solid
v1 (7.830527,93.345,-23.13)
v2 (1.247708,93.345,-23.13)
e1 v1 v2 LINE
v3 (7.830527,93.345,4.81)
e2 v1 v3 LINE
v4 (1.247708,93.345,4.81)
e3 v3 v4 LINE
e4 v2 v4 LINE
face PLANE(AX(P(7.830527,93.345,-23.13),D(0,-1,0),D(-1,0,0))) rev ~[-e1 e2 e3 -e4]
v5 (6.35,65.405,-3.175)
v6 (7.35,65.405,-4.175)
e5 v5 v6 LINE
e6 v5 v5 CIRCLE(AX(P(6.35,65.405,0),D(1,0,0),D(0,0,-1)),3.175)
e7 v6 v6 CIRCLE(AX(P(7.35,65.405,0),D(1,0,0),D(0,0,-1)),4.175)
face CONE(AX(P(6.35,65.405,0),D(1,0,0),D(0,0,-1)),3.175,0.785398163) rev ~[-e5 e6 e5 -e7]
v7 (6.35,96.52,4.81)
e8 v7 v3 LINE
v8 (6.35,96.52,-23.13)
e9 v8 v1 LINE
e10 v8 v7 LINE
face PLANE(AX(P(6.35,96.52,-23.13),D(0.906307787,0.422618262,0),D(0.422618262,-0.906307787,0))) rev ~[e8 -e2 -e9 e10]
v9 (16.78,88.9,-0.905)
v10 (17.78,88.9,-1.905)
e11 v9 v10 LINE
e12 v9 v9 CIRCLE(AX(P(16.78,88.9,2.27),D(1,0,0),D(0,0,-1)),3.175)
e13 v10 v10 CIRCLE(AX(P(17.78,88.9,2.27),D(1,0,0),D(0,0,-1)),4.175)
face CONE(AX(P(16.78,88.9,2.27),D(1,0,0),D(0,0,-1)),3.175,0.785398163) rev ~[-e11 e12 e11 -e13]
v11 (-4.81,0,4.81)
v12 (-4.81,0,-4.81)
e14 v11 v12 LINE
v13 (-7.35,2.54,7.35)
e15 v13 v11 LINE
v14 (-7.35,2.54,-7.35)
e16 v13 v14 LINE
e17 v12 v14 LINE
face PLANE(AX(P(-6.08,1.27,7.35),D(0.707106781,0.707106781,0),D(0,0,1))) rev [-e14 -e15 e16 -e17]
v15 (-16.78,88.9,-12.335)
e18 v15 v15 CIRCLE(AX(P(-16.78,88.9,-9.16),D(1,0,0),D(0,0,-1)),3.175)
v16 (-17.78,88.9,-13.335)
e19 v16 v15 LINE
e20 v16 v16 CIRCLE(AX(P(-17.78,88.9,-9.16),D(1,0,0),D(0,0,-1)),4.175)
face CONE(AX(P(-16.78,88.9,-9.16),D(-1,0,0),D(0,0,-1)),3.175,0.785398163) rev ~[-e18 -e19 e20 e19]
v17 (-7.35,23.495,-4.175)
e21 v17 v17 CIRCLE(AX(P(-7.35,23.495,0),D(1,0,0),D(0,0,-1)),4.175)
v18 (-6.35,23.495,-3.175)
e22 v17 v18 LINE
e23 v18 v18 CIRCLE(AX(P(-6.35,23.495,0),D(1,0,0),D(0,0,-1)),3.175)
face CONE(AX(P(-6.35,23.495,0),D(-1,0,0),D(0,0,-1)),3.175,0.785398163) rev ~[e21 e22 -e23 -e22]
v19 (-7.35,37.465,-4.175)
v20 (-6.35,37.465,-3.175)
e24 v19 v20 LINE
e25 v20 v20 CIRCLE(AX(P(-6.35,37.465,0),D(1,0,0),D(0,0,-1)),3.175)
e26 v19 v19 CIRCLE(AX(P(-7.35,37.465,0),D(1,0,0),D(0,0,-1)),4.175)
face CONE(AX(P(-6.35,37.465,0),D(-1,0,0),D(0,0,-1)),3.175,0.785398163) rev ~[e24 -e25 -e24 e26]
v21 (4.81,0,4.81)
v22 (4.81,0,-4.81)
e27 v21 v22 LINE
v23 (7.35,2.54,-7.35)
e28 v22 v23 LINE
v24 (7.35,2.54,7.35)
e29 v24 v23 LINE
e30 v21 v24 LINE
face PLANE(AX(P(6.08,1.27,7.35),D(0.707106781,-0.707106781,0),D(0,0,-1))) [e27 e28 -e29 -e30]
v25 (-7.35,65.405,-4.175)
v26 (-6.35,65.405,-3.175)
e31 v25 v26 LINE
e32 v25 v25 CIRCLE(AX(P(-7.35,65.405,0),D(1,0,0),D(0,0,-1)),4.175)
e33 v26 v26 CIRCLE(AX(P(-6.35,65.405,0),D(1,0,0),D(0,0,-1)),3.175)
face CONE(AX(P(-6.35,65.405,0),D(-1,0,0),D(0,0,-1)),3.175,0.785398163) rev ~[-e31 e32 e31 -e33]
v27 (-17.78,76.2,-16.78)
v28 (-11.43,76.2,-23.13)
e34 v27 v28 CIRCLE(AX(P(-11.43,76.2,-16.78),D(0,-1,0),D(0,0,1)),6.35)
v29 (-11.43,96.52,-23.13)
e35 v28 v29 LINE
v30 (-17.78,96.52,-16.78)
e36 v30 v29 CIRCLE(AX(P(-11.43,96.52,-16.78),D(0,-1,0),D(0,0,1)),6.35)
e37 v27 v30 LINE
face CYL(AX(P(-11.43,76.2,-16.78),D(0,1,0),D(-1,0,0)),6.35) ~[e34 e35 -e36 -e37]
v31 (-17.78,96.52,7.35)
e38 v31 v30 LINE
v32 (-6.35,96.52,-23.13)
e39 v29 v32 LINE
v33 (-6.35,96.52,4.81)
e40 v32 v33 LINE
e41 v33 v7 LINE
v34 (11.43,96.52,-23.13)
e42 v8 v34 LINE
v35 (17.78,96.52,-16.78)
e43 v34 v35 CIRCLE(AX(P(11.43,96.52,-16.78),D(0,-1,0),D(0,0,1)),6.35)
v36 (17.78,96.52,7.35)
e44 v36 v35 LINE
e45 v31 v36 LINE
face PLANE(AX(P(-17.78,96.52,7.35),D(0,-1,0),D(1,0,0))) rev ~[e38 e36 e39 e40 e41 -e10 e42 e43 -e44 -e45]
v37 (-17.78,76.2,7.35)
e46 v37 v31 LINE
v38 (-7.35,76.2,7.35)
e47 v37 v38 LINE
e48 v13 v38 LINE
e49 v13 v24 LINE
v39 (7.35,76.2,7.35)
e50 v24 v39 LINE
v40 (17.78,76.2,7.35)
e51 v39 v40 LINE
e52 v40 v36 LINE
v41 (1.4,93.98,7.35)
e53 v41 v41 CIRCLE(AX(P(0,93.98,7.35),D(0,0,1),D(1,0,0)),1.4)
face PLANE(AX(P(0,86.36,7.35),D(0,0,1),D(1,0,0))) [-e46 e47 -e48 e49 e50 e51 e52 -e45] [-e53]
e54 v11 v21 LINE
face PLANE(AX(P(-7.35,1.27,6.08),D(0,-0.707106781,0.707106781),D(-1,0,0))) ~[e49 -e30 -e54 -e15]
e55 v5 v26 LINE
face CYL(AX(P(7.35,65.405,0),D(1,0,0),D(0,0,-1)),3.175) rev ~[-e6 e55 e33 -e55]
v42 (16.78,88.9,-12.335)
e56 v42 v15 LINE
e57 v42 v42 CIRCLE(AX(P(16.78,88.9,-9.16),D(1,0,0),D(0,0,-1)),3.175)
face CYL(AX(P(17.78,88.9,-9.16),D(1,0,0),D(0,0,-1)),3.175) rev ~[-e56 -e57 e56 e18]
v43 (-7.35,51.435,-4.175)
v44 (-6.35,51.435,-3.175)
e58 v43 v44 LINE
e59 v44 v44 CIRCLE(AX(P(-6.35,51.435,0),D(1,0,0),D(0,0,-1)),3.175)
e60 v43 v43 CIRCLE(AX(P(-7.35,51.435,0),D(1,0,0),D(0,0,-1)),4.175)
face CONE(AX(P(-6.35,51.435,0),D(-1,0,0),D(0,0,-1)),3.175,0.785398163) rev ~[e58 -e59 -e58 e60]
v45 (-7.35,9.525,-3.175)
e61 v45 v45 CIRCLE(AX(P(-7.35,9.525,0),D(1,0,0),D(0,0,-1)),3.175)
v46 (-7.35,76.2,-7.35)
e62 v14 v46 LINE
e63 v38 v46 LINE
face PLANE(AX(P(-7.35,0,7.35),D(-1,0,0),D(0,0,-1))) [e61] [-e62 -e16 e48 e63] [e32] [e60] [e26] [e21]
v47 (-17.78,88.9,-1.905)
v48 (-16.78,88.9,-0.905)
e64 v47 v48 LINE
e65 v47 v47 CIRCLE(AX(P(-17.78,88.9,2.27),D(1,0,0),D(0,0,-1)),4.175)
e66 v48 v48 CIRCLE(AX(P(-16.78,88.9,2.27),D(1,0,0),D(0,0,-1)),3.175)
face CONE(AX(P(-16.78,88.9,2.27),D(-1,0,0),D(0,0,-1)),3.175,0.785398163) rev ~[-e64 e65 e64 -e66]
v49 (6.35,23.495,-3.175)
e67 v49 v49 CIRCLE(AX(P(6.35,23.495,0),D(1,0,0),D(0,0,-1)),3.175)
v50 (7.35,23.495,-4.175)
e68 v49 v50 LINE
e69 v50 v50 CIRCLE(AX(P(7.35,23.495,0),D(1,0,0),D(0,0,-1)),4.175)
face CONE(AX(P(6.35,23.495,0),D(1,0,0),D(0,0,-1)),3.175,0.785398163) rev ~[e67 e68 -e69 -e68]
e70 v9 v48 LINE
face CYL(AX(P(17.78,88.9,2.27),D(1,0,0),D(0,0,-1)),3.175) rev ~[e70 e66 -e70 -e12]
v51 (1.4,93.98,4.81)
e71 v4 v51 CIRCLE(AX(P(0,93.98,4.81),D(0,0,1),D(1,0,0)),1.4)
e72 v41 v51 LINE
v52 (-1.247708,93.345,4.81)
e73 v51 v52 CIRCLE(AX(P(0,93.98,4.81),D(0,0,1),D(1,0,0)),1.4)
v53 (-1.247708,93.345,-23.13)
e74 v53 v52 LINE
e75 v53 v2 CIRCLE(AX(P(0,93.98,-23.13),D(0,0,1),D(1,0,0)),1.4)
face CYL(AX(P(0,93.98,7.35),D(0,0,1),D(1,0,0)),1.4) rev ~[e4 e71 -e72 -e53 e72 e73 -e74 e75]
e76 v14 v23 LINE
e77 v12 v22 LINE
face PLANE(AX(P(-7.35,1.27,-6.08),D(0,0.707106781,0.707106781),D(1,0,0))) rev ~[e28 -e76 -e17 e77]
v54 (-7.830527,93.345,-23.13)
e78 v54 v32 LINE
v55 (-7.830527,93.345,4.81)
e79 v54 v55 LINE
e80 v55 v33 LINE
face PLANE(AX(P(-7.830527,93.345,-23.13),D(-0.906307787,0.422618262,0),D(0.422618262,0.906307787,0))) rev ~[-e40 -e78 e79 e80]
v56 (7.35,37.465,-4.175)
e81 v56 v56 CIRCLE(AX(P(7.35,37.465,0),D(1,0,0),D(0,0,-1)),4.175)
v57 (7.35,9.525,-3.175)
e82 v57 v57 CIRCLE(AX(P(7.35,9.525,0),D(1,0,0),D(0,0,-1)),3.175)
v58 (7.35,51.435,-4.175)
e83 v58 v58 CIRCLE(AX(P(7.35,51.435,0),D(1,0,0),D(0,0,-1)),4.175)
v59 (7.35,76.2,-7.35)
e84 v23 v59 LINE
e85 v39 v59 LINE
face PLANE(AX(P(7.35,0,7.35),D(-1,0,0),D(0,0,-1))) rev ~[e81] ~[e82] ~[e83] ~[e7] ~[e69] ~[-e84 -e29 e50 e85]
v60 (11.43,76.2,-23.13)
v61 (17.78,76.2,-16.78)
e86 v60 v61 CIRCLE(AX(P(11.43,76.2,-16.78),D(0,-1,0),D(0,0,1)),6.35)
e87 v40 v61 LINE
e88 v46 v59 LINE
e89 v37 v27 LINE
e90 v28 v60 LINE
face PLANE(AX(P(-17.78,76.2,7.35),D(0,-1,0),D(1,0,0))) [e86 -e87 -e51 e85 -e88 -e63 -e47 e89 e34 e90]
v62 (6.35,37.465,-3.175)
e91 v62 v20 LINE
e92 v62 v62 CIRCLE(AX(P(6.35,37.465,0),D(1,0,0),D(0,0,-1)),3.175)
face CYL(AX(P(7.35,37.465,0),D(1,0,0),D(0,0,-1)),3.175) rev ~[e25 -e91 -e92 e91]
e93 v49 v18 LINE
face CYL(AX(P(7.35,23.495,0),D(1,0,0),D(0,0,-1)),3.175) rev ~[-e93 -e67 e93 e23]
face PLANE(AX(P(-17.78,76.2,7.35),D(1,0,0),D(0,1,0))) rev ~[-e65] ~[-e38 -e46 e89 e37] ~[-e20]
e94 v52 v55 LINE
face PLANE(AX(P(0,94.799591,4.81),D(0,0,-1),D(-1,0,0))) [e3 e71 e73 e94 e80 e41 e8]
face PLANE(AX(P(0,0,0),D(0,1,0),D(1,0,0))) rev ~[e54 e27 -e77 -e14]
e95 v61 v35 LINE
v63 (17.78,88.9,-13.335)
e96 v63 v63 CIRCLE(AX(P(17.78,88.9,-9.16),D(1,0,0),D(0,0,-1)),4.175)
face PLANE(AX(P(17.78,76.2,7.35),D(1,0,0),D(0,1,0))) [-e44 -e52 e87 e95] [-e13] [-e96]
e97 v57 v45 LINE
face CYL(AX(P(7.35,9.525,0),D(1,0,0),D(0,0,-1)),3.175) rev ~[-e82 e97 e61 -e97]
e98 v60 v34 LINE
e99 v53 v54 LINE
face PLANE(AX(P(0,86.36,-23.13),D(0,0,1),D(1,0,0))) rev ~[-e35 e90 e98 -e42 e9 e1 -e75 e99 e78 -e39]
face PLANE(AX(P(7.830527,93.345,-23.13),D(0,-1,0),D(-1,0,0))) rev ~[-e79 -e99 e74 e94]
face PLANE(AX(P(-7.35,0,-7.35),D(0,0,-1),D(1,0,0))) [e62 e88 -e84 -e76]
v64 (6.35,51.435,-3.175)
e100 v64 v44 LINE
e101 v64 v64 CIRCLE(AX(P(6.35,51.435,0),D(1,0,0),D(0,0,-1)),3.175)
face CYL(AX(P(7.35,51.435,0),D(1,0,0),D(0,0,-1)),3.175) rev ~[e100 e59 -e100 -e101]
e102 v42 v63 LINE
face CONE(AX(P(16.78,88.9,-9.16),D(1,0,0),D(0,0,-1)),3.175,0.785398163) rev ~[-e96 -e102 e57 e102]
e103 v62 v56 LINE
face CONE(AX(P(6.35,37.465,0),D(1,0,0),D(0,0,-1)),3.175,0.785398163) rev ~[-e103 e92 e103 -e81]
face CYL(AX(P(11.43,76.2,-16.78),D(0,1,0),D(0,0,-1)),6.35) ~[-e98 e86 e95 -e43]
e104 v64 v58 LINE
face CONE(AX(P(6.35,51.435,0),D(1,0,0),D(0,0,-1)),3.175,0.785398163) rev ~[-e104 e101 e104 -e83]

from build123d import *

# Parameters (mm, degrees)
SKETCH1_W                 = 14.7
SKETCH1_H                 = 14.7
BOSS_EXTRUDE1_DEPTH       = 76.2
SKETCH6_R                 = 3.175
CUT_EXTRUDE4_DEPTH        = 78.952244997
CHAMFER5_SIZE             = 1
CHAMFER6_SIZE             = 2.54
SKETCH4_W                 = 35.56
SKETCH4_H                 = 20.32
BOSS_EXTRUDE2_DEPTH       = 30.48
SKETCH5_R                 = 3.175
TRAYSUPPORTMOUNTING_DEPTH = 106.430644976
CHAMFER4_SIZE             = 1
CUT_EXTRUDE5_DEPTH        = 27.94
FILLET1_R                 = 6.35
SKETCH8_R                 = 1.4
CUT_EXTRUDE6_DEPTH        = 103.768035887


with BuildPart() as part:
    # Sketch1 → Boss-Extrude1 (new body)
    with BuildSketch(Plane(origin=(0, 0, 0), x_dir=(1, 0, 0), z_dir=(0, 1, 0))):
        Rectangle(SKETCH1_W, SKETCH1_H)
    extrude(amount=BOSS_EXTRUDE1_DEPTH)

    # Sketch6 → Cut-Extrude4 (cut, through all)
    with BuildSketch(Plane(origin=(7.35, 0, 0), x_dir=(0, 0, -1), z_dir=(1, 0, 0))):
        with Locations((0, 65.405)):
            Circle(SKETCH6_R)
        with Locations((0, 51.435)):
            Circle(SKETCH6_R)
        with Locations((0, 37.465)):
            Circle(SKETCH6_R)
        with Locations((0, 23.495)):
            Circle(SKETCH6_R)
        with Locations((0, 9.525)):
            Circle(SKETCH6_R)
    extrude(amount=-CUT_EXTRUDE4_DEPTH, mode=Mode.SUBTRACT)

    # Chamfer5
    chamfer5_edges = [part.edges().sort_by_distance(p)[0] for p in [
        (-7.35, 65.405, 3.175),
        (7.35, 65.405, 3.175),
        (-7.35, 51.435, 3.175),
        (7.35, 51.435, 3.175),
        (-7.35, 37.465, 3.175),
        (7.35, 37.465, 3.175),
        (-7.35, 23.495, 3.175),
        (7.35, 23.495, 3.175),
    ]]
    chamfer(chamfer5_edges, length=CHAMFER5_SIZE)

    # Chamfer6
    chamfer6_edges = [part.edges().sort_by_distance(p)[0] for p in [
        (0, 0, -7.35),
        (7.35, 0, 0),
        (0, 0, 7.35),
        (-7.35, 0, 0),
    ]]
    chamfer(chamfer6_edges, length=CHAMFER6_SIZE)

    # Sketch4 → Boss-Extrude2 (add)
    with BuildSketch(Plane.XY.offset(7.35)):
        with Locations((0, 86.36)):
            Rectangle(SKETCH4_W, SKETCH4_H)
    extrude(amount=-BOSS_EXTRUDE2_DEPTH)

    # Sketch5 → TraySupportMounting (cut, through all)
    with BuildSketch(Plane(origin=(17.78, 0, 0), x_dir=(0, 0, -1), z_dir=(1, 0, 0))):
        with Locations((9.16, 88.9)):
            Circle(SKETCH5_R)
        with Locations((-2.27, 88.9)):
            Circle(SKETCH5_R)
    extrude(amount=-TRAYSUPPORTMOUNTING_DEPTH, mode=Mode.SUBTRACT)

    # Chamfer4
    chamfer4_edges = [part.edges().sort_by_distance(p)[0] for p in [
        (-17.78, 88.9, -5.985),
        (17.78, 88.9, -5.985),
        (-17.78, 88.9, 5.445),
        (17.78, 88.9, 5.445),
    ]]
    chamfer(chamfer4_edges, length=CHAMFER4_SIZE)

    # Sketch7 → Cut-Extrude5 (cut)
    with BuildSketch(Plane(origin=(0, 0, -23.13), x_dir=(-1, 0, 0), z_dir=(0, 0, -1))):
        Polygon((-6.35, 96.52), (-7.830526815, 93.345), (7.830526815, 93.345), (6.35, 96.52), align=None)
    extrude(amount=-CUT_EXTRUDE5_DEPTH, mode=Mode.SUBTRACT)

    # Fillet1
    fillet1_edges = [part.edges().sort_by_distance(p)[0] for p in [
        (-17.78, 86.36, -23.13),
        (17.78, 86.36, -23.13),
    ]]
    fillet(fillet1_edges, radius=FILLET1_R)

    # Sketch8 → Cut-Extrude6 (cut, through all)
    with BuildSketch(Plane.XY.offset(7.35)):
        with Locations((0, 93.98)):
            Circle(SKETCH8_R)
    extrude(amount=-CUT_EXTRUDE6_DEPTH, mode=Mode.SUBTRACT)


solid = part.part
